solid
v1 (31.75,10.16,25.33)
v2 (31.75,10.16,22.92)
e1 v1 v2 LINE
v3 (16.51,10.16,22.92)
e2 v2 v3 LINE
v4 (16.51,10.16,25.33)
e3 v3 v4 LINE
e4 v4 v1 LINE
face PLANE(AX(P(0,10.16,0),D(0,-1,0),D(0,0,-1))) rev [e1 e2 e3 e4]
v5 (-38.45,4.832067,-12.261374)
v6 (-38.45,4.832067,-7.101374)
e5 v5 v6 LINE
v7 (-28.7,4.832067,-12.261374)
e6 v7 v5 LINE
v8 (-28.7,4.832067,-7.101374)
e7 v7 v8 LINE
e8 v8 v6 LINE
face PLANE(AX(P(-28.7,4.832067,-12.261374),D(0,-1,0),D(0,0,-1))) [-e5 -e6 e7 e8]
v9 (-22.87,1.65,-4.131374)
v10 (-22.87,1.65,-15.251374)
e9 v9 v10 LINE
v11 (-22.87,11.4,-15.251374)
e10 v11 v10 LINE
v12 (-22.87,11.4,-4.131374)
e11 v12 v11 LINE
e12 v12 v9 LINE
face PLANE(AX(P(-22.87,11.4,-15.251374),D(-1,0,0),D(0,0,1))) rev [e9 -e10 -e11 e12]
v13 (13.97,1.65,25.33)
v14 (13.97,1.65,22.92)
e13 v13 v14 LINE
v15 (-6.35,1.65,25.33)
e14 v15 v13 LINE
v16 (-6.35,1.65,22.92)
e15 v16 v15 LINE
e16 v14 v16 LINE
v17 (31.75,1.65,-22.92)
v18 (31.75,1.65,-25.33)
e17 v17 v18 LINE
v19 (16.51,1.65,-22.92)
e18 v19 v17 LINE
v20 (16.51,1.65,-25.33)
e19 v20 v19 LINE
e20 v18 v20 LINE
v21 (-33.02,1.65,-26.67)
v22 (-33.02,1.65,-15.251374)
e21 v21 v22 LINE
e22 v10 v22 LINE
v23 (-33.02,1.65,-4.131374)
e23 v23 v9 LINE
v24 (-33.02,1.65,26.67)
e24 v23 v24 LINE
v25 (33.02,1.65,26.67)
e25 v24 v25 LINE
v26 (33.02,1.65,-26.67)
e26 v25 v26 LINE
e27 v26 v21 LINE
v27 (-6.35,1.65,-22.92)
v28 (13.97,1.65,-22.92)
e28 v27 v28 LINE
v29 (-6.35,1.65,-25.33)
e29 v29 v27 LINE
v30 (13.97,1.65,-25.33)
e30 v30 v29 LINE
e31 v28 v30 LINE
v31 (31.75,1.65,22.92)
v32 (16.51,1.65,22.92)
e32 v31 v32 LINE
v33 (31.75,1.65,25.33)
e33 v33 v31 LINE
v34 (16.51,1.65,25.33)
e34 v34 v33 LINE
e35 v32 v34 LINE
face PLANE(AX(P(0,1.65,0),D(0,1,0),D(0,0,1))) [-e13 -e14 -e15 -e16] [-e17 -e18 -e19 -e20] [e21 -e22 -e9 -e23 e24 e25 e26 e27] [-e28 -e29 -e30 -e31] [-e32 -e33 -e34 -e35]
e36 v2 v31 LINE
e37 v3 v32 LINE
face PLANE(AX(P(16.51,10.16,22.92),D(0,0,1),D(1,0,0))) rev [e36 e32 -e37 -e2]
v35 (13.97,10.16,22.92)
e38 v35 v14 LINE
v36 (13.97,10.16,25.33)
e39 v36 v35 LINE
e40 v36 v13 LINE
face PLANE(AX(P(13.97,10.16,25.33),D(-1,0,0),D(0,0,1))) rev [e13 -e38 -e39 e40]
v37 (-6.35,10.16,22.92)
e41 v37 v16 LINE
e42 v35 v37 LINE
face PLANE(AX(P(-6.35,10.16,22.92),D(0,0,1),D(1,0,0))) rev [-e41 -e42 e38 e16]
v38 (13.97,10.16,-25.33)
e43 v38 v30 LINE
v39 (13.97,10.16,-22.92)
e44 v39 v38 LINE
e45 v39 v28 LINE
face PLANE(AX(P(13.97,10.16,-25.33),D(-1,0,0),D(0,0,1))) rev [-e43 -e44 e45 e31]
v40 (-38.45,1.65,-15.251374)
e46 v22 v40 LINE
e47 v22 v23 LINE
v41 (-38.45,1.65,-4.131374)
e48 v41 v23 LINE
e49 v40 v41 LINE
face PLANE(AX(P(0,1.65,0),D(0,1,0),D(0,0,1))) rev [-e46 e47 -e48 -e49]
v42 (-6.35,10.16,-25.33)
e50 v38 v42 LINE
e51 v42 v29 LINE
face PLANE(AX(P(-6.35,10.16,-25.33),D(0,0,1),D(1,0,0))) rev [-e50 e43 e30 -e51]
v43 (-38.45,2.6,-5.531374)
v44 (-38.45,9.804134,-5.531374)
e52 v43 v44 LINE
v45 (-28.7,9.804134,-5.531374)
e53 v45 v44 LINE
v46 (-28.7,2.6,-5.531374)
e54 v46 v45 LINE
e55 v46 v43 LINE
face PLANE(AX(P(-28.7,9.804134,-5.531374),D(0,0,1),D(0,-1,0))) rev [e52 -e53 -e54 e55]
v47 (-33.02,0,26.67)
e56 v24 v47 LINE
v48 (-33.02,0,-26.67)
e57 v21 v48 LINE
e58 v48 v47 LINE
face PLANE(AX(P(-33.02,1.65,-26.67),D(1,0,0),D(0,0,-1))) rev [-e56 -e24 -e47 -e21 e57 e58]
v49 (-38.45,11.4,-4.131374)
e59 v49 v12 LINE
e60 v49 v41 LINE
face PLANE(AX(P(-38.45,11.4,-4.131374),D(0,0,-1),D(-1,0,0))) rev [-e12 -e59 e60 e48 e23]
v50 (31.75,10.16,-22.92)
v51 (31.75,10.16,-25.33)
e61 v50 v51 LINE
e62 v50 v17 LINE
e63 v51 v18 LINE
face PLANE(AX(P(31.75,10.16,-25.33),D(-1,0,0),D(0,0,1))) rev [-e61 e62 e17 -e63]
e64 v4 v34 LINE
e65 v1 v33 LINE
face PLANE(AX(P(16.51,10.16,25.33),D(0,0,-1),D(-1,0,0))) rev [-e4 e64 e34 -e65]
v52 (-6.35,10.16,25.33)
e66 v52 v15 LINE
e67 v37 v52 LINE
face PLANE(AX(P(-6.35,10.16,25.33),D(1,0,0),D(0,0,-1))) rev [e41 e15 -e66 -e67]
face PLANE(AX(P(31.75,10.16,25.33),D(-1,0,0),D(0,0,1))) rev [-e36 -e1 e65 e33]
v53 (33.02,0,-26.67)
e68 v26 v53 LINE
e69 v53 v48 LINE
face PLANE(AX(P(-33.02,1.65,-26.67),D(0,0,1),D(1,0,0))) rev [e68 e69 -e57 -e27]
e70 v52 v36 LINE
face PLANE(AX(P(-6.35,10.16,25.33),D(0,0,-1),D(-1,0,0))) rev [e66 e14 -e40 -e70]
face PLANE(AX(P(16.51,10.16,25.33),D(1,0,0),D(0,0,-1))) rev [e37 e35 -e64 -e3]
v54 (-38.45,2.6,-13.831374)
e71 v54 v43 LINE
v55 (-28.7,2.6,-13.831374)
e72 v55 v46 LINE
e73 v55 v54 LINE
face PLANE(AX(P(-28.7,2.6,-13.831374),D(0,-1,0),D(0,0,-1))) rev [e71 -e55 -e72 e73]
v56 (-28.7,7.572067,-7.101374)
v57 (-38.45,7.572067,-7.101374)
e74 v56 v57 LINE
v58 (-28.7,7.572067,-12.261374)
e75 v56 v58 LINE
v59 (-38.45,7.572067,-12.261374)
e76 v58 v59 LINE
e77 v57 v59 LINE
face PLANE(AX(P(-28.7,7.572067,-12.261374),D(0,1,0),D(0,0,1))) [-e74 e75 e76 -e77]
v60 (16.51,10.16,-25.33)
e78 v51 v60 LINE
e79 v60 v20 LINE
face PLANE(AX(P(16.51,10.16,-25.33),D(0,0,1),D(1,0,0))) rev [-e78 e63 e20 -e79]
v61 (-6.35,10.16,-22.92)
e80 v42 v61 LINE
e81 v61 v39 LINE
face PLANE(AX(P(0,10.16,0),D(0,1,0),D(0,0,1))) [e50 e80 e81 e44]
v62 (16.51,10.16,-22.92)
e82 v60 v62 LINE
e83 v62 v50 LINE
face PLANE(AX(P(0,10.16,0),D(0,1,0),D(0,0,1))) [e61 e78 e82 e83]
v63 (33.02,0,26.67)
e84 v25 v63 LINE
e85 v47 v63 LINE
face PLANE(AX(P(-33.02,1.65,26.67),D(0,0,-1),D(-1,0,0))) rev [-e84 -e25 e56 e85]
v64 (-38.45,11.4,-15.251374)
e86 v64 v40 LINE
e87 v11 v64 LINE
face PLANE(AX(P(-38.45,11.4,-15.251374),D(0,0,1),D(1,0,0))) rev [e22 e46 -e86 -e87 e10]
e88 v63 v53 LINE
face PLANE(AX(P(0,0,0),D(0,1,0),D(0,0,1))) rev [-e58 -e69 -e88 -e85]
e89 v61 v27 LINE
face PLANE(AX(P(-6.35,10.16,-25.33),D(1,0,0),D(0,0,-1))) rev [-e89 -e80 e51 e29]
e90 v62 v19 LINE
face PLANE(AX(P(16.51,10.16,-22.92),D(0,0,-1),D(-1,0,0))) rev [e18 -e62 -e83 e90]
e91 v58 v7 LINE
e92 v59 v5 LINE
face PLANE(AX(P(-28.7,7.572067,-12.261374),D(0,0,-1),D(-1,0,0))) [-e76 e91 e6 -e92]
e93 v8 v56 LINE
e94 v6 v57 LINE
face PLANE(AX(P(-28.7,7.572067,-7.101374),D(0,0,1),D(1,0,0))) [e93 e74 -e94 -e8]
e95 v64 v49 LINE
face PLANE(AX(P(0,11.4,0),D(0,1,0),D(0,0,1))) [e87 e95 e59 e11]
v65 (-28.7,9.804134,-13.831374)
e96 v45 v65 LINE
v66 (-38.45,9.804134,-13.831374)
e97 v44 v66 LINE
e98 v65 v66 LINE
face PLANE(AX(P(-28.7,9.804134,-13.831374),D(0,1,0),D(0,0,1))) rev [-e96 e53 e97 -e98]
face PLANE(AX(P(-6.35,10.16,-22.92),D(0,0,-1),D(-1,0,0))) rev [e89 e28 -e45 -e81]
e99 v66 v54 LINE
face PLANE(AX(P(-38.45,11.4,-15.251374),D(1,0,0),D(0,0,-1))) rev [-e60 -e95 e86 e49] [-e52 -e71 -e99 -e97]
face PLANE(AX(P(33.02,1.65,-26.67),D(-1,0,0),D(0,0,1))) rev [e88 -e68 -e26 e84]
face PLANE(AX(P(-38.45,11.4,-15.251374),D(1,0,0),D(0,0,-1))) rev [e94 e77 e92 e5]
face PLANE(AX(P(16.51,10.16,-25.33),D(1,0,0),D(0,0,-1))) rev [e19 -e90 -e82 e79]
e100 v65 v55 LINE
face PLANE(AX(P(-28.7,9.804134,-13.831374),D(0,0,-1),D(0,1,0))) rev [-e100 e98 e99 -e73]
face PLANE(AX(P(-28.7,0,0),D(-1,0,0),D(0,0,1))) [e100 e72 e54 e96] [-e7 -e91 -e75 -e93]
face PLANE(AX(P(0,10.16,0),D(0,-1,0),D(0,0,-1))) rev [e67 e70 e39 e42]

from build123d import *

# Parameters (mm, degrees)
SKETCH2_W           = 66.04
SKETCH2_H           = 53.34
BOSS_EXTRUDE1_DEPTH = 1.65
SKETCH3_W           = 15.58
SKETCH3_H           = 11.12
BOSS_EXTRUDE2_DEPTH = 9.75
SKETCH4_W           = 8.3
SKETCH4_H           = 7.204134494
SKETCH4_W_2         = 5.16
SKETCH4_H_2         = 2.74
CUT_EXTRUDE1_DEPTH  = 9.75
SKETCH5_W           = 15.24
SKETCH5_H           = 2.41
SKETCH5_W_2         = 20.32
BOSS_EXTRUDE3_DEPTH = 8.51


with BuildPart() as part:
    # Sketch2 → Boss-Extrude1 (new body)
    with BuildSketch(Plane(origin=(0, 0, 0), x_dir=(1, 0, 0), z_dir=(0, 1, 0))):
        Rectangle(SKETCH2_W, SKETCH2_H)
    extrude(amount=BOSS_EXTRUDE1_DEPTH)

    # Sketch3 → Boss-Extrude2 (add)
    with BuildSketch(Plane(origin=(0, 1.65, 0), x_dir=(1, 0, 0), z_dir=(0, 1, 0))):
        with Locations((-30.66, 9.691373861)):
            Rectangle(SKETCH3_W, SKETCH3_H)
    extrude(amount=BOSS_EXTRUDE2_DEPTH)

    # Sketch4 → Cut-Extrude1 (cut)
    with BuildSketch(Plane.ZY.offset(38.45)):
        with Locations((-9.681373861, 6.202067247)):
            Rectangle(SKETCH4_W, SKETCH4_H)
        with Locations((-9.681373861, 6.202067247)):
            Rectangle(SKETCH4_W_2, SKETCH4_H_2, mode=Mode.SUBTRACT)
    extrude(amount=-CUT_EXTRUDE1_DEPTH, mode=Mode.SUBTRACT)

    # Sketch5 → Boss-Extrude3 (add)
    with BuildSketch(Plane(origin=(0, 1.65, 0), x_dir=(1, 0, 0), z_dir=(0, 1, 0))):
        with Locations((24.13, -24.125)):
            Rectangle(SKETCH5_W, SKETCH5_H)
        with Locations((3.81, -24.125)):
            Rectangle(SKETCH5_W_2, SKETCH5_H)
        with Locations((24.13, 24.125)):
            Rectangle(SKETCH5_W, SKETCH5_H)
        with Locations((3.81, 24.125)):
            Rectangle(SKETCH5_W_2, SKETCH5_H)
    extrude(amount=BOSS_EXTRUDE3_DEPTH)


solid = part.part
